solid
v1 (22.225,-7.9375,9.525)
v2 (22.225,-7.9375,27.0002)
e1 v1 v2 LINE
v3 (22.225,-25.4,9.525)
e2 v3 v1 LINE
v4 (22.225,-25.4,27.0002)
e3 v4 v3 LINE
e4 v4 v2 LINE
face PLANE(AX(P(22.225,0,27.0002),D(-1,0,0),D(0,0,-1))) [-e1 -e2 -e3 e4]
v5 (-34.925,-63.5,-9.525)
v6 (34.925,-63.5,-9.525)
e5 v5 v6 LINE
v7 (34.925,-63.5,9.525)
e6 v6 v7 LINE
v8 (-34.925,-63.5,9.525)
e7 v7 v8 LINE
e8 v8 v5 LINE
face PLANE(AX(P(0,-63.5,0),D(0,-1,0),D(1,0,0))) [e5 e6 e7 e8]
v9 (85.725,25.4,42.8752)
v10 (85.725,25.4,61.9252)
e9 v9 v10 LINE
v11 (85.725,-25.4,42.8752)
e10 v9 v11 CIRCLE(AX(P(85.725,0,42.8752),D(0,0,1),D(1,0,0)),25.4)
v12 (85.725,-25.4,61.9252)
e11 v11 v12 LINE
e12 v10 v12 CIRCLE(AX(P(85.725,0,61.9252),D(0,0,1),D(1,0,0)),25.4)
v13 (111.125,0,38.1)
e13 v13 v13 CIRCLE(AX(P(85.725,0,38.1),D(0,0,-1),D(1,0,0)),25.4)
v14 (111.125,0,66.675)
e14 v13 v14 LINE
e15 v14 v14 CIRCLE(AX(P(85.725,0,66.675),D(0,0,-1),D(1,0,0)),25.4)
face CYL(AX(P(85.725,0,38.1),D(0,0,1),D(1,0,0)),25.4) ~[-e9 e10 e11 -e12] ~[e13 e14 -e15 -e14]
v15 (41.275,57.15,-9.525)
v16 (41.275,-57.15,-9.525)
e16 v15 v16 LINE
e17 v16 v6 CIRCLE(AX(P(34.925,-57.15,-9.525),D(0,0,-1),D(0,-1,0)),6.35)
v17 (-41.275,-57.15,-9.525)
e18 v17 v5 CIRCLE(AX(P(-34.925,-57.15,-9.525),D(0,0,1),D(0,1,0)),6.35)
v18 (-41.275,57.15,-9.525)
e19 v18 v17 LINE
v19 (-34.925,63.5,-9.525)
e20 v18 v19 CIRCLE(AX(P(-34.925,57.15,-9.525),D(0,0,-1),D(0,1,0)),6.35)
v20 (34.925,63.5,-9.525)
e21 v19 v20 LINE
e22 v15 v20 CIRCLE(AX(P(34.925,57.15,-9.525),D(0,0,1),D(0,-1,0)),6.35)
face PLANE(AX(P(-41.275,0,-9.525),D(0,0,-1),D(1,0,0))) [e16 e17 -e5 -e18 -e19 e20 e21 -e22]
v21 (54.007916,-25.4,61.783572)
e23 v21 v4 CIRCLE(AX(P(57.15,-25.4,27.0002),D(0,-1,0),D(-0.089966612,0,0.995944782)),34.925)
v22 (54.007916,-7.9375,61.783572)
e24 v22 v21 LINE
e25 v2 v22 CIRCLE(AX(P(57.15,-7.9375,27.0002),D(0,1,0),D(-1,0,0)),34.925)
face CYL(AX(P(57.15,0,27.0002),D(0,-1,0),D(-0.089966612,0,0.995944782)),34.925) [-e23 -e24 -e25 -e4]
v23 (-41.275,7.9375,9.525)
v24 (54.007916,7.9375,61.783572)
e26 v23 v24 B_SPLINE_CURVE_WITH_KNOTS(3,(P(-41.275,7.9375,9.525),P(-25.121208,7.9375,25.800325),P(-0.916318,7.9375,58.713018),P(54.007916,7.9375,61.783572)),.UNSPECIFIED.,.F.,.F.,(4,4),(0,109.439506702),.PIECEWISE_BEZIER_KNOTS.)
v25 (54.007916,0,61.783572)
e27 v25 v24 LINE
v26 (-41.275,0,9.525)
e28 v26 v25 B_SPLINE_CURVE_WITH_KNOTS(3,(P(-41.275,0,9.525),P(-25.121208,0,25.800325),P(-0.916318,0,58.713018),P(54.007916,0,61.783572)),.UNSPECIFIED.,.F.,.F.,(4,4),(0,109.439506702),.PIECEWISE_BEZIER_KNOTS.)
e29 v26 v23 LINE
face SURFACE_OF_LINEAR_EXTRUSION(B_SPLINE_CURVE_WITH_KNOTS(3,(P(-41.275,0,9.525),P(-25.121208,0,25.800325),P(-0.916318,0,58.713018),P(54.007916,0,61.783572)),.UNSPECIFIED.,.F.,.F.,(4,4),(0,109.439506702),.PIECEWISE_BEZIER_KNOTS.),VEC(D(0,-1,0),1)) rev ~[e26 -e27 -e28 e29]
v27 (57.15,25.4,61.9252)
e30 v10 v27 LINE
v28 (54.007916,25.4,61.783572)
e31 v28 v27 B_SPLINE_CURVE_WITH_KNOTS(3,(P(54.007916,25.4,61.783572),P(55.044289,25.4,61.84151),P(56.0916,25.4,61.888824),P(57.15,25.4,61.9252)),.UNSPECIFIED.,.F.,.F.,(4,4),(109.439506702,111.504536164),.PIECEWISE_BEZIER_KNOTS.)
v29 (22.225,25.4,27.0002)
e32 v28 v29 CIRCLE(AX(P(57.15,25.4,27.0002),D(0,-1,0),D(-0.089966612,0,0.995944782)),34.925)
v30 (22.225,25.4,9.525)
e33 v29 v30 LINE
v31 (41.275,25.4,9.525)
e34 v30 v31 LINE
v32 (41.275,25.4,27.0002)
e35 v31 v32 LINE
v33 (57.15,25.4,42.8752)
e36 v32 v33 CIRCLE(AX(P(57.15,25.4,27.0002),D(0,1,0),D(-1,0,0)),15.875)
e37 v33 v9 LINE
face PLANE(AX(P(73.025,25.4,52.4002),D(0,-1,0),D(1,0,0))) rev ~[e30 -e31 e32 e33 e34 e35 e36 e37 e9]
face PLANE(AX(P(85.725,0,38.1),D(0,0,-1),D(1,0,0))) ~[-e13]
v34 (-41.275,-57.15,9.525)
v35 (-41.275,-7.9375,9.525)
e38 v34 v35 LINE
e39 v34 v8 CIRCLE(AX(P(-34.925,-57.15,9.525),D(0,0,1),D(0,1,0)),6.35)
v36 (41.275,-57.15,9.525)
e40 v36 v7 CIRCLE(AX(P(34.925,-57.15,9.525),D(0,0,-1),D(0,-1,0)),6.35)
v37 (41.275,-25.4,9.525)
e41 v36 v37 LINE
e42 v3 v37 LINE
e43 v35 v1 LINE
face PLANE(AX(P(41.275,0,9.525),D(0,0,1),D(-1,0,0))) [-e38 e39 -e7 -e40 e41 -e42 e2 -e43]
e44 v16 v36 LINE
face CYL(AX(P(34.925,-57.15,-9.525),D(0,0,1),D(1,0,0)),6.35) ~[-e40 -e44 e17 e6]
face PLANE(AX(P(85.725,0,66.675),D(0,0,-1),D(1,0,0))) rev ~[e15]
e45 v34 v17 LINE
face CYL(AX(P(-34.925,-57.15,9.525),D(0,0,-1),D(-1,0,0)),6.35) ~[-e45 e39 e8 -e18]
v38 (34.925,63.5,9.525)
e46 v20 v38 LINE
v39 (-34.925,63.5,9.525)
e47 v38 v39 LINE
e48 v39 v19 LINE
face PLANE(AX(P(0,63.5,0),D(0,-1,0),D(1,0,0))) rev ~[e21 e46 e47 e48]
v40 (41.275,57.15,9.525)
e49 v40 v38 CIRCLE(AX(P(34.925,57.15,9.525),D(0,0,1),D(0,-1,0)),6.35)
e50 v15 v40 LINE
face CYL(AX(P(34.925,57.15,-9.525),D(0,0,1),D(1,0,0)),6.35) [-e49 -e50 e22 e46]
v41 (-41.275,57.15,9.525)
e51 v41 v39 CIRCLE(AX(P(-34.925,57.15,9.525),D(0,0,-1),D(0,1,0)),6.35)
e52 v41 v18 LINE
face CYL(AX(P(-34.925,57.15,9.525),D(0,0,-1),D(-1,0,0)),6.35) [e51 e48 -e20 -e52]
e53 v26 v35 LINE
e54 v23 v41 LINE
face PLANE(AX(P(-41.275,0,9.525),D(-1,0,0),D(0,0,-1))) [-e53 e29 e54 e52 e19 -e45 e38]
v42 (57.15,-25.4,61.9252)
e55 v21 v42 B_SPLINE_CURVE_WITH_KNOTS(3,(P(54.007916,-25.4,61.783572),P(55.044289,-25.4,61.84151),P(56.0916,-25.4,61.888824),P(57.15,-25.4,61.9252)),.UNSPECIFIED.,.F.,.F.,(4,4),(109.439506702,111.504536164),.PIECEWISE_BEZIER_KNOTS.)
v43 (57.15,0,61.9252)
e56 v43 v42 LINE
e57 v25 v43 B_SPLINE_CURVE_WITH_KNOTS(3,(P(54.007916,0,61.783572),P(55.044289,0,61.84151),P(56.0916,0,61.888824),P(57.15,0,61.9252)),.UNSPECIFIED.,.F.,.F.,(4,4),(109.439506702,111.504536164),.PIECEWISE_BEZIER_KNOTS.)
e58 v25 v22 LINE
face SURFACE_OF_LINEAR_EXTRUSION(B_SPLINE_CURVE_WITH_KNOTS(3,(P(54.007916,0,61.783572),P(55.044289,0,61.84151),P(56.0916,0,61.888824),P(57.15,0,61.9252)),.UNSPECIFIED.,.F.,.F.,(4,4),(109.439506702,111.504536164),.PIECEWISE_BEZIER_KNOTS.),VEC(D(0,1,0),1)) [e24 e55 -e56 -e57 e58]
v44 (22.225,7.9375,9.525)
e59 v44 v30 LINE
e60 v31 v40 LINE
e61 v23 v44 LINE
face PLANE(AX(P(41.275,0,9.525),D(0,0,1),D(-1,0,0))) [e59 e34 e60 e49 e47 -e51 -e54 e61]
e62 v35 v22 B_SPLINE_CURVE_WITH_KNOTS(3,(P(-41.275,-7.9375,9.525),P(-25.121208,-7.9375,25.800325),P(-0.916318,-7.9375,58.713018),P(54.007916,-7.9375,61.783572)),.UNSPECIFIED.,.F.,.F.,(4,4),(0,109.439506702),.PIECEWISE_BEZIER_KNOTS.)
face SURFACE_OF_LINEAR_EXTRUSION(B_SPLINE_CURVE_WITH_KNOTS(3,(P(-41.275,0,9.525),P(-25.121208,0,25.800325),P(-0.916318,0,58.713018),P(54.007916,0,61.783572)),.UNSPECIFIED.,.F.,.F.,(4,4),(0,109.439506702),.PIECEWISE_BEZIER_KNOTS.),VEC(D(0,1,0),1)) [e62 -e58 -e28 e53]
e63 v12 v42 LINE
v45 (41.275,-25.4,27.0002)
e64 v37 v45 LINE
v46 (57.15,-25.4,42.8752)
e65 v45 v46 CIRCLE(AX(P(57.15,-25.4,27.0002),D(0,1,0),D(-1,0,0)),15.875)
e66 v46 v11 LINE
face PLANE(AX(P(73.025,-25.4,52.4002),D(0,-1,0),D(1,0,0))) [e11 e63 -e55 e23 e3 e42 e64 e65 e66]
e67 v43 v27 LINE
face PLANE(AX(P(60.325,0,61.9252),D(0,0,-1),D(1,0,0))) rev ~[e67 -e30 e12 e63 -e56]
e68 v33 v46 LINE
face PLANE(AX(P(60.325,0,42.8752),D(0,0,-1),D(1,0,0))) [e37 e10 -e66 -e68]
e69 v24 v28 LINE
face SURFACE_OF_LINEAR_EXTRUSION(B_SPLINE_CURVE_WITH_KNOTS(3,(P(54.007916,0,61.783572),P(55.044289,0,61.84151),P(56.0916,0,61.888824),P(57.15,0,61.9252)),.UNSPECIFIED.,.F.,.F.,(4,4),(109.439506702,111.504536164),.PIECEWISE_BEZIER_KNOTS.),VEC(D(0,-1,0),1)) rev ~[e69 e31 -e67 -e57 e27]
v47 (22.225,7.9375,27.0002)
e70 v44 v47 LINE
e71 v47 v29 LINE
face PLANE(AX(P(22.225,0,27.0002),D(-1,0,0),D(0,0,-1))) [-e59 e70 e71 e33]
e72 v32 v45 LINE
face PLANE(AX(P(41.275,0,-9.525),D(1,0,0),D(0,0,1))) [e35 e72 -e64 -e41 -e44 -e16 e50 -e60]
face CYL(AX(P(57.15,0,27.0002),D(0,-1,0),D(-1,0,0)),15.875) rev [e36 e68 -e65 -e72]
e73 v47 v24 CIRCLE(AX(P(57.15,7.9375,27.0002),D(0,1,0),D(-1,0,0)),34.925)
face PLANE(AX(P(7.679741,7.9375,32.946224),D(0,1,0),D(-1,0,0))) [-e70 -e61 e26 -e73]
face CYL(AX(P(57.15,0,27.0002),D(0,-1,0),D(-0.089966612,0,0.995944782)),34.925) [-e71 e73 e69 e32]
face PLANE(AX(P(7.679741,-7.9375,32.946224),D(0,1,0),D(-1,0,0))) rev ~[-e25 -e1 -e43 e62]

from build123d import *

# Parameters (mm, degrees)
F1_DEPTH = 63.5
F2_DEPTH = 25.4
F0_W     = 25.4
F0_H     = 19.05
F3_DEPTH = 25.4
F4_DEPTH = 7.9375
F6_R     = 6.35


with BuildPart() as f1:
    # F0 (on Front) → F1 (new body, symmetric)
    with BuildSketch(Plane.XZ):
        Polygon((-41.275, 9.525), (-41.275, -9.525), (41.275, -9.525), (41.275, 9.525), (22.225, 9.525), align=None)
    extrude(amount=F1_DEPTH, both=True)

    # F0 (on Front) → F2 (join, symmetric)
    with BuildSketch(Plane.XZ):
        with BuildLine():
            Line((22.225, 9.525), (41.275, 9.525))
            Line((41.275, 9.525), (41.275, 27.0002))
            ThreePointArc((41.275, 27.0002), (45.9246798487, 38.2255201513), (57.15, 42.8752))
            Line((57.15, 42.8752), (60.325, 42.8752))
            Line((60.325, 42.8752), (60.325, 61.9252))
            Line((60.325, 61.9252), (57.15, 61.9252))
            add(Edge.make_bspline(
                [(54.0079160608, 61.7835715088), (55.0442891577, 61.8415102214), (56.0915997071, 61.8888238055), (57.15, 61.9252)],
                knots=[109.4395067018, 109.4395067018, 109.4395067018, 109.4395067018, 111.5045361635, 111.5045361635, 111.5045361635, 111.5045361635], degree=3))
            ThreePointArc((54.0079160608, 61.7835715088), (31.3673226121, 50.5588326367), (22.225, 27.0002))
            Line((22.225, 27.0002), (22.225, 9.525))
        make_face()
    extrude(amount=F2_DEPTH, both=True)

    # F0 (on Front) → F3 (join, symmetric)
    with BuildSketch(Plane.XZ):
        with Locations((73.025, 52.4002)):
            Rectangle(F0_W, F0_H)
    extrude(amount=F3_DEPTH, both=True)

    # F0 (on Front) → F4 (join, symmetric)
    with BuildSketch(Plane.XZ):
        with BuildLine():
            add(Edge.make_bspline(
                [(-41.275, 9.525), (-25.1212076231, 25.8003253275), (-0.9163175084, 58.7130176756), (54.0079160608, 61.7835715088)],
                knots=[0, 0, 0, 0, 109.4395067018, 109.4395067018, 109.4395067018, 109.4395067018], degree=3))
            Line((-41.275, 9.525), (22.225, 9.525))
            Line((22.225, 9.525), (22.225, 27.0002))
            ThreePointArc((22.225, 27.0002), (31.3673226121, 50.5588326367), (54.0079160608, 61.7835715088))
        make_face()
    extrude(amount=F4_DEPTH, both=True)

    # F0 (on Front) → F5 (revolve)
    with BuildSketch(Plane.XZ):
        Polygon((85.725, 66.675), (85.725, 61.9252), (85.725, 42.8752), (85.725, 38.1), (111.125, 38.1), (111.125, 66.675), align=None)
    revolve(axis=Axis((85.725, 0, 52.3875), (0, 0, -1)))

    # F6
    f6_edges = [f1.edges().sort_by_distance(p)[0] for p in [
        (41.275, -63.5, 0),
        (-41.275, -63.5, 0),
        (41.275, 63.5, 0),
        (-41.275, 63.5, 0),
    ]]
    fillet(f6_edges, radius=F6_R)


solid = f1.part
